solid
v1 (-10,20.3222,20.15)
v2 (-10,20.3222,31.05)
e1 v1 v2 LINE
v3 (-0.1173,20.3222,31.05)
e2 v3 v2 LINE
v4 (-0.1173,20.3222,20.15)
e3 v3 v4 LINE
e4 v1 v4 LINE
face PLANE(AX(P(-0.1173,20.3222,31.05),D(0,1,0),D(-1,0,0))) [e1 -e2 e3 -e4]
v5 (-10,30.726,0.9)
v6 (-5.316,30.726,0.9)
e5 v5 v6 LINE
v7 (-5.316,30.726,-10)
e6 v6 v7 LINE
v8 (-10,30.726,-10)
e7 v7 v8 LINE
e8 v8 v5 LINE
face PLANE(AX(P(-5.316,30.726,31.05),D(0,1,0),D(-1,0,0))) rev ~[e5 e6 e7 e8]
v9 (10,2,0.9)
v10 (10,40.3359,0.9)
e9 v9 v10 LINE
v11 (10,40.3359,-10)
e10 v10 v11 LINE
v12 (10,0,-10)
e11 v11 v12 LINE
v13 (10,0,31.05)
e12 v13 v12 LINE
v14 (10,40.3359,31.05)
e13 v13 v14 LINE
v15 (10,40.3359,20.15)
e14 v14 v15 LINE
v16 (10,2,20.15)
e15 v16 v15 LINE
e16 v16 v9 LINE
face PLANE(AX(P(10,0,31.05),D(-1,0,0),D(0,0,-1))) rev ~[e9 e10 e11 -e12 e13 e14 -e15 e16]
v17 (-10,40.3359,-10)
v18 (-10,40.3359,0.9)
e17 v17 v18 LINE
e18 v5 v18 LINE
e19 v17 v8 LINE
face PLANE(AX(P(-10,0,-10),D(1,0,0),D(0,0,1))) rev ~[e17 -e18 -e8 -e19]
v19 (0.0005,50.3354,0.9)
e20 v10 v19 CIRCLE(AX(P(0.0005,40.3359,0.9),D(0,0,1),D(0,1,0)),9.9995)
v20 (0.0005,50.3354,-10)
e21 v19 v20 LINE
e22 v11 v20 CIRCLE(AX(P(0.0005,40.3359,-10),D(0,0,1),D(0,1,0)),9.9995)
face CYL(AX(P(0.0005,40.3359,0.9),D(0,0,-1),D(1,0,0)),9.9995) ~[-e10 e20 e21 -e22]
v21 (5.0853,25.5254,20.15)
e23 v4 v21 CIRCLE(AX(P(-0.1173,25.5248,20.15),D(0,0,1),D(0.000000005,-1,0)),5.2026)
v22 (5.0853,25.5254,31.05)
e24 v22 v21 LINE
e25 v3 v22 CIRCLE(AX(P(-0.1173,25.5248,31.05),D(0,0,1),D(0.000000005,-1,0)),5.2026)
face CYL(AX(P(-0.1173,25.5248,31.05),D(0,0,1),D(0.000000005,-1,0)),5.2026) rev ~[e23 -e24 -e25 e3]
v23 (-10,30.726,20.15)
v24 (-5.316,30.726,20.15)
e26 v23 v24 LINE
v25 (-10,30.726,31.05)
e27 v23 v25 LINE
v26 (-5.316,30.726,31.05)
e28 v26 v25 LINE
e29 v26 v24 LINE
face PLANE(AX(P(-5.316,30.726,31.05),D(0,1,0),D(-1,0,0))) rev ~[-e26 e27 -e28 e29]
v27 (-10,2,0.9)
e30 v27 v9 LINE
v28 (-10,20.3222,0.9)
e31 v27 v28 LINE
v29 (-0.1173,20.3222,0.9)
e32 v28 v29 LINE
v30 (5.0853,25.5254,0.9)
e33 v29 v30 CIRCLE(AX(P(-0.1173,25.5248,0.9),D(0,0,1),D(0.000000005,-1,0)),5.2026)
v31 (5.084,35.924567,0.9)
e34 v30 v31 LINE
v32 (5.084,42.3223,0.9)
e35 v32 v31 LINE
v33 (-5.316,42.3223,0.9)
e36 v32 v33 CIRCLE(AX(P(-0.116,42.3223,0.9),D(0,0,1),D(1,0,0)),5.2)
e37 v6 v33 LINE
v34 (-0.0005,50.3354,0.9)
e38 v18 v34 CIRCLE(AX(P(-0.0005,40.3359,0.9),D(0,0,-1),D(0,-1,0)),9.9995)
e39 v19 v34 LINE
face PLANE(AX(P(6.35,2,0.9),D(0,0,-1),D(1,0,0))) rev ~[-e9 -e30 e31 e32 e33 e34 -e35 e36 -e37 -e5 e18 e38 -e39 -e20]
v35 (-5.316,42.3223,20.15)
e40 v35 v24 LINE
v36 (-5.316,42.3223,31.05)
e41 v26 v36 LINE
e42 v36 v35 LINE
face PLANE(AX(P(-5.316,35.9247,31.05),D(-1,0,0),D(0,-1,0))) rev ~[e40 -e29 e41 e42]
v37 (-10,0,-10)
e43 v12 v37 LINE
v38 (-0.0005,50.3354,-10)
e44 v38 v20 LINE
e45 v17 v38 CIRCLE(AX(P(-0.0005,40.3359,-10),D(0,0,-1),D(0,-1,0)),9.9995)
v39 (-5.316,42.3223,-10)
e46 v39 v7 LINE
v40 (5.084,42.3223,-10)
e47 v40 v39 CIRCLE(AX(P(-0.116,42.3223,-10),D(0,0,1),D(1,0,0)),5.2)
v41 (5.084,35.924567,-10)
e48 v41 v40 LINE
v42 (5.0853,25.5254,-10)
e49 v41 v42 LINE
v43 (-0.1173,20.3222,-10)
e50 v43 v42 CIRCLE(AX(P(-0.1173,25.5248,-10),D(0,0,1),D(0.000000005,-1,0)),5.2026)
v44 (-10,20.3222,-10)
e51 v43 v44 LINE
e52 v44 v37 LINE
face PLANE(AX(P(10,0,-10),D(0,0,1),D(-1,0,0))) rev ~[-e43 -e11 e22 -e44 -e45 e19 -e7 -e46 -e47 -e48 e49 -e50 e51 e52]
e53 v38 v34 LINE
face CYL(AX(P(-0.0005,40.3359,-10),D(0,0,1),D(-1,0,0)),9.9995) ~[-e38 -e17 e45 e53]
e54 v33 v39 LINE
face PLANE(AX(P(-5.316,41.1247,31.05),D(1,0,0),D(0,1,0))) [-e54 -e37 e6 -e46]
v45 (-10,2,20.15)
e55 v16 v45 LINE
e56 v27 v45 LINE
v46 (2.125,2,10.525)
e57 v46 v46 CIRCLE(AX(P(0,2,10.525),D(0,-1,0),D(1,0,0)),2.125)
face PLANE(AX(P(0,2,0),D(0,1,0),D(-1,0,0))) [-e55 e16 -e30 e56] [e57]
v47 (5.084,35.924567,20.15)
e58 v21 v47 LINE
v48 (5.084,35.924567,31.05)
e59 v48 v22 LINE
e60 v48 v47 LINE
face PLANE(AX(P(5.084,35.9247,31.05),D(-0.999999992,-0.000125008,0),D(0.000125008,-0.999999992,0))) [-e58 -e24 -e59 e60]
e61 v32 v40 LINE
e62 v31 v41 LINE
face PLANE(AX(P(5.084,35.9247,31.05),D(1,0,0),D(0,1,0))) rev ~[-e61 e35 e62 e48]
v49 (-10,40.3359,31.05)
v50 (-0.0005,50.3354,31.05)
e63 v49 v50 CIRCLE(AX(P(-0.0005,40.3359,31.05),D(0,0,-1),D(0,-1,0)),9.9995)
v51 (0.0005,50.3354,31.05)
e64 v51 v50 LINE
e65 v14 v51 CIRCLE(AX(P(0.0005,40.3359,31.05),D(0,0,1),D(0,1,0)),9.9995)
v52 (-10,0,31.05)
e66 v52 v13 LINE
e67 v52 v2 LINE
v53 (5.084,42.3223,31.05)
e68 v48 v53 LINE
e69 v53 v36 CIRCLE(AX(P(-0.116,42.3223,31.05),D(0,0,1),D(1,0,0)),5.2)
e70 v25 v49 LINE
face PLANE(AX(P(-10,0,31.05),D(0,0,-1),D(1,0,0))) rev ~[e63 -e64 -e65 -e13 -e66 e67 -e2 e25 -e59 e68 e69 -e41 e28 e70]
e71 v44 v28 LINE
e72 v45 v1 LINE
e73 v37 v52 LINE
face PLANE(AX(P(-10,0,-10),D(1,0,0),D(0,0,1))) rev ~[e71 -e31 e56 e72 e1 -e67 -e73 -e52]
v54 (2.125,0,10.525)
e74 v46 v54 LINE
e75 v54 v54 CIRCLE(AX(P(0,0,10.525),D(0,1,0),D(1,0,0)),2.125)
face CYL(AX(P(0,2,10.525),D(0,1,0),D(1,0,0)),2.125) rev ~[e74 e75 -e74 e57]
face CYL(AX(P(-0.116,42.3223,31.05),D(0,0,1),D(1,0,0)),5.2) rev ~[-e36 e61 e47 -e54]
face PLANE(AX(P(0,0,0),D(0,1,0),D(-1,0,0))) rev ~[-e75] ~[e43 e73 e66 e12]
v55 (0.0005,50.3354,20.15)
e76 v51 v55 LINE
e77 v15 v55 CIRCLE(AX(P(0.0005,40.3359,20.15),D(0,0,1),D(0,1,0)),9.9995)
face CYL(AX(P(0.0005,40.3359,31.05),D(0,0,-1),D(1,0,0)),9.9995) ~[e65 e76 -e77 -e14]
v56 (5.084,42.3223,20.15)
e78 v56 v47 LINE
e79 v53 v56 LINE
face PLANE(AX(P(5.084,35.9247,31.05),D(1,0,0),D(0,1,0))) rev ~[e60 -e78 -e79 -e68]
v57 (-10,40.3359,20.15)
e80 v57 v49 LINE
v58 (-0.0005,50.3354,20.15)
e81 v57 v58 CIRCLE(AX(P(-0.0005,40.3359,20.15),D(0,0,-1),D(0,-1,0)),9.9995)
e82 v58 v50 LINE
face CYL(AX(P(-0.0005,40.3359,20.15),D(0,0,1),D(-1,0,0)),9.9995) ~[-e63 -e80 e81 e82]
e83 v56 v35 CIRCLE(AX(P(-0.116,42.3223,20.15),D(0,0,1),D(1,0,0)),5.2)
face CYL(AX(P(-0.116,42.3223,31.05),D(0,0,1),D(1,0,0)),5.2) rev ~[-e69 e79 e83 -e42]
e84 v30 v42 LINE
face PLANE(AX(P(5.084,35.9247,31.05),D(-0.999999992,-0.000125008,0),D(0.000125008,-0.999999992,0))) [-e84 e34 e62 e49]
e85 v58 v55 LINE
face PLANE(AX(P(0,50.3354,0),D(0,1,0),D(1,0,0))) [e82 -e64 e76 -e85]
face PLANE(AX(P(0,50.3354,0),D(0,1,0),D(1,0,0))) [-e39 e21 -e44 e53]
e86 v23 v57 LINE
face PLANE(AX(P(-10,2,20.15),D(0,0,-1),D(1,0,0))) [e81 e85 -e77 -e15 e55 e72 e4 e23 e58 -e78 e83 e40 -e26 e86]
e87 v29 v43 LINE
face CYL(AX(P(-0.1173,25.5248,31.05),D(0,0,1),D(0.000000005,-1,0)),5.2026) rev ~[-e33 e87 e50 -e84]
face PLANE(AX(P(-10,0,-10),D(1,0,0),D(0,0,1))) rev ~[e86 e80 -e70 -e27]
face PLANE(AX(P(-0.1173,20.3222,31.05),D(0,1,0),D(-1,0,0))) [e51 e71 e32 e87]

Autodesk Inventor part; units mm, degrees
ref_plane "YZ Plane" through (0, 0, 0) normal (1, 0, 0) x (0, 1, 0)
ref_plane "XZ Plane" through (0, 0, 0) normal (0, 1, 0) x (-1, 0, 0)
ref_plane "XY Plane" through (0, 0, 0) normal (0, 0, 1) x (1, 0, 0)
sketch "Sketch1" plane through (0, 0, 0) normal (0, 1, 0) x (-1, 0, 0)
  line L0 (10, 31.05) -> (-10, 31.05)
  line L1 (-10, 31.05) -> (-10, -10)
  line L2 (-10, -10) -> (10, -10)
  line L3 (10, -10) -> (10, 31.05)
  point P0 (0, 0)
  dimension "d0" = 20
  dimension "d1" = 41.05
extrude "Extrusion1" add sketch "Sketch1" along normal blind 2
sketch "Sketch2" plane through (0, 2, 0) normal (0, 1, 0) x (1, 0, 0)
  line L0 (-10, -31.05) -> (10, -31.05) projected
  line L1 (0, -31.05) -> (-6.35, -31.05)
  line L2 (-6.35, -20.15) -> (6.35, -20.15)
  line L3 (6.35, -31.05) -> (0, -31.05)
  line L4 (10, 10) -> (-10, 10) projected
  line L5 (-6.35, -0.9) -> (6.35, -0.9)
  line L6 (-6.35, 10) -> (6.35, 10)
  line L7 (-6.35, -31.05) -> (-10, -31.05)
  line L8 (-10, 10) -> (-10, -31.05) projected
  line L9 (-10, -20.15) -> (-6.35, -20.15)
  line L10 (6.35, -31.05) -> (10, -31.05)
  line L11 (10, -31.05) -> (10, 10) projected
  line L12 (10, -20.15) -> (6.35, -20.15)
  line L13 (6.35, -0.9) -> (10, -0.9)
  line L14 (10, 10) -> (6.35, 10)
  line L15 (10, -0.9) -> (10, 10)
  line L16 (10, -31.05) -> (10, -20.15)
  line L17 (-10, -31.05) -> (-10, -20.15)
  line L18 (-6.35, -0.9) -> (-10, -0.9)
  line L19 (-10, -0.9) -> (-10, 10)
  line L20 (-10, 10) -> (-6.35, 10)
  point P0 (0, 0)
  dimension "d4" = 6.35
  dimension "d5" = 10.9
  dimension "d6" = 12.7
  dimension "d7" = 10.9
extrude "Extrusion2" add sketch "Sketch2" along normal blind 48.3354 contours L8 L9 L2 L12 L11 L0 | L8 L4 L11 L13 L5 L18
sketch "Sketch9" plane through (-10, 0, 31.05) normal (0, 0, 1) x (1, 0, 0)
  arc A0 (15.084, 42.3223) -> (4.684, 42.3223) centre (9.884, 42.3223) ccw
  line L0 (15.084, 35.9247) -> (15.084, 42.3223)
  line L1 (4.684, 41.1247) -> (4.684, 42.3223)
  arc A1 (15.084, 42.3223) -> (4.684, 42.3223) centre (9.884, 42.3223) ccw
  line L2 (4.684, 42.3223) -> (4.684, 35.9247)
  line L3 (9.8827, 20.3222) -> (-0.0013, 20.3222)
  line L4 (-0.0013, 30.726) -> (-0.0013, 20.3222)
  line L5 (4.684, 35.9247) -> (4.684, 30.726)
  line L6 (15.084, 35.9247) -> (15.0853, 25.5254)
  arc A2 (15.084, 35.9247) -> (15.084, 35.9251) centre (9.884, 35.9243) ccw
  line L7 (4.684, 30.726) -> (-0.0013, 30.726)
  arc A3 (9.8827, 20.3222) -> (15.0853, 25.5254) centre (9.8827, 25.5248) ccw
  point P0 (10, 0)
fillet "Fillet4" radius 10 4 edges at (10, 50.3354, 25.6) (-10, 50.3354, 25.6) (-10, 50.3354, -4.55) (10, 50.3354, -4.55)
sketch "Sketch10" plane through (0, 2, 0) normal (0, 1, 0) x (1, 0, 0)
  line L0 (10, -31.05) -> (-10, -31.05) projected
  line L1 (-10, 10) -> (10, 10) projected
  line L2 (10, -20.15) -> (10, -0.9) projected
  line L3 (-10, -0.9) -> (-10, -20.15) projected
  line L4 (10, -10.525) -> (-10, -10.525)
  circle A0 centre (0, -10.525) radius 2.125
  point P0 (0, 0)
  dimension "d53" = 41.05
  dimension "d54" = 4.25
extrude "Extrusion10" cut sketch "Sketch10" against normal blind 2
extrude "Extrusion11" cut sketch "Sketch9" against normal through all
properties part number "6 Backet Adjustment"
